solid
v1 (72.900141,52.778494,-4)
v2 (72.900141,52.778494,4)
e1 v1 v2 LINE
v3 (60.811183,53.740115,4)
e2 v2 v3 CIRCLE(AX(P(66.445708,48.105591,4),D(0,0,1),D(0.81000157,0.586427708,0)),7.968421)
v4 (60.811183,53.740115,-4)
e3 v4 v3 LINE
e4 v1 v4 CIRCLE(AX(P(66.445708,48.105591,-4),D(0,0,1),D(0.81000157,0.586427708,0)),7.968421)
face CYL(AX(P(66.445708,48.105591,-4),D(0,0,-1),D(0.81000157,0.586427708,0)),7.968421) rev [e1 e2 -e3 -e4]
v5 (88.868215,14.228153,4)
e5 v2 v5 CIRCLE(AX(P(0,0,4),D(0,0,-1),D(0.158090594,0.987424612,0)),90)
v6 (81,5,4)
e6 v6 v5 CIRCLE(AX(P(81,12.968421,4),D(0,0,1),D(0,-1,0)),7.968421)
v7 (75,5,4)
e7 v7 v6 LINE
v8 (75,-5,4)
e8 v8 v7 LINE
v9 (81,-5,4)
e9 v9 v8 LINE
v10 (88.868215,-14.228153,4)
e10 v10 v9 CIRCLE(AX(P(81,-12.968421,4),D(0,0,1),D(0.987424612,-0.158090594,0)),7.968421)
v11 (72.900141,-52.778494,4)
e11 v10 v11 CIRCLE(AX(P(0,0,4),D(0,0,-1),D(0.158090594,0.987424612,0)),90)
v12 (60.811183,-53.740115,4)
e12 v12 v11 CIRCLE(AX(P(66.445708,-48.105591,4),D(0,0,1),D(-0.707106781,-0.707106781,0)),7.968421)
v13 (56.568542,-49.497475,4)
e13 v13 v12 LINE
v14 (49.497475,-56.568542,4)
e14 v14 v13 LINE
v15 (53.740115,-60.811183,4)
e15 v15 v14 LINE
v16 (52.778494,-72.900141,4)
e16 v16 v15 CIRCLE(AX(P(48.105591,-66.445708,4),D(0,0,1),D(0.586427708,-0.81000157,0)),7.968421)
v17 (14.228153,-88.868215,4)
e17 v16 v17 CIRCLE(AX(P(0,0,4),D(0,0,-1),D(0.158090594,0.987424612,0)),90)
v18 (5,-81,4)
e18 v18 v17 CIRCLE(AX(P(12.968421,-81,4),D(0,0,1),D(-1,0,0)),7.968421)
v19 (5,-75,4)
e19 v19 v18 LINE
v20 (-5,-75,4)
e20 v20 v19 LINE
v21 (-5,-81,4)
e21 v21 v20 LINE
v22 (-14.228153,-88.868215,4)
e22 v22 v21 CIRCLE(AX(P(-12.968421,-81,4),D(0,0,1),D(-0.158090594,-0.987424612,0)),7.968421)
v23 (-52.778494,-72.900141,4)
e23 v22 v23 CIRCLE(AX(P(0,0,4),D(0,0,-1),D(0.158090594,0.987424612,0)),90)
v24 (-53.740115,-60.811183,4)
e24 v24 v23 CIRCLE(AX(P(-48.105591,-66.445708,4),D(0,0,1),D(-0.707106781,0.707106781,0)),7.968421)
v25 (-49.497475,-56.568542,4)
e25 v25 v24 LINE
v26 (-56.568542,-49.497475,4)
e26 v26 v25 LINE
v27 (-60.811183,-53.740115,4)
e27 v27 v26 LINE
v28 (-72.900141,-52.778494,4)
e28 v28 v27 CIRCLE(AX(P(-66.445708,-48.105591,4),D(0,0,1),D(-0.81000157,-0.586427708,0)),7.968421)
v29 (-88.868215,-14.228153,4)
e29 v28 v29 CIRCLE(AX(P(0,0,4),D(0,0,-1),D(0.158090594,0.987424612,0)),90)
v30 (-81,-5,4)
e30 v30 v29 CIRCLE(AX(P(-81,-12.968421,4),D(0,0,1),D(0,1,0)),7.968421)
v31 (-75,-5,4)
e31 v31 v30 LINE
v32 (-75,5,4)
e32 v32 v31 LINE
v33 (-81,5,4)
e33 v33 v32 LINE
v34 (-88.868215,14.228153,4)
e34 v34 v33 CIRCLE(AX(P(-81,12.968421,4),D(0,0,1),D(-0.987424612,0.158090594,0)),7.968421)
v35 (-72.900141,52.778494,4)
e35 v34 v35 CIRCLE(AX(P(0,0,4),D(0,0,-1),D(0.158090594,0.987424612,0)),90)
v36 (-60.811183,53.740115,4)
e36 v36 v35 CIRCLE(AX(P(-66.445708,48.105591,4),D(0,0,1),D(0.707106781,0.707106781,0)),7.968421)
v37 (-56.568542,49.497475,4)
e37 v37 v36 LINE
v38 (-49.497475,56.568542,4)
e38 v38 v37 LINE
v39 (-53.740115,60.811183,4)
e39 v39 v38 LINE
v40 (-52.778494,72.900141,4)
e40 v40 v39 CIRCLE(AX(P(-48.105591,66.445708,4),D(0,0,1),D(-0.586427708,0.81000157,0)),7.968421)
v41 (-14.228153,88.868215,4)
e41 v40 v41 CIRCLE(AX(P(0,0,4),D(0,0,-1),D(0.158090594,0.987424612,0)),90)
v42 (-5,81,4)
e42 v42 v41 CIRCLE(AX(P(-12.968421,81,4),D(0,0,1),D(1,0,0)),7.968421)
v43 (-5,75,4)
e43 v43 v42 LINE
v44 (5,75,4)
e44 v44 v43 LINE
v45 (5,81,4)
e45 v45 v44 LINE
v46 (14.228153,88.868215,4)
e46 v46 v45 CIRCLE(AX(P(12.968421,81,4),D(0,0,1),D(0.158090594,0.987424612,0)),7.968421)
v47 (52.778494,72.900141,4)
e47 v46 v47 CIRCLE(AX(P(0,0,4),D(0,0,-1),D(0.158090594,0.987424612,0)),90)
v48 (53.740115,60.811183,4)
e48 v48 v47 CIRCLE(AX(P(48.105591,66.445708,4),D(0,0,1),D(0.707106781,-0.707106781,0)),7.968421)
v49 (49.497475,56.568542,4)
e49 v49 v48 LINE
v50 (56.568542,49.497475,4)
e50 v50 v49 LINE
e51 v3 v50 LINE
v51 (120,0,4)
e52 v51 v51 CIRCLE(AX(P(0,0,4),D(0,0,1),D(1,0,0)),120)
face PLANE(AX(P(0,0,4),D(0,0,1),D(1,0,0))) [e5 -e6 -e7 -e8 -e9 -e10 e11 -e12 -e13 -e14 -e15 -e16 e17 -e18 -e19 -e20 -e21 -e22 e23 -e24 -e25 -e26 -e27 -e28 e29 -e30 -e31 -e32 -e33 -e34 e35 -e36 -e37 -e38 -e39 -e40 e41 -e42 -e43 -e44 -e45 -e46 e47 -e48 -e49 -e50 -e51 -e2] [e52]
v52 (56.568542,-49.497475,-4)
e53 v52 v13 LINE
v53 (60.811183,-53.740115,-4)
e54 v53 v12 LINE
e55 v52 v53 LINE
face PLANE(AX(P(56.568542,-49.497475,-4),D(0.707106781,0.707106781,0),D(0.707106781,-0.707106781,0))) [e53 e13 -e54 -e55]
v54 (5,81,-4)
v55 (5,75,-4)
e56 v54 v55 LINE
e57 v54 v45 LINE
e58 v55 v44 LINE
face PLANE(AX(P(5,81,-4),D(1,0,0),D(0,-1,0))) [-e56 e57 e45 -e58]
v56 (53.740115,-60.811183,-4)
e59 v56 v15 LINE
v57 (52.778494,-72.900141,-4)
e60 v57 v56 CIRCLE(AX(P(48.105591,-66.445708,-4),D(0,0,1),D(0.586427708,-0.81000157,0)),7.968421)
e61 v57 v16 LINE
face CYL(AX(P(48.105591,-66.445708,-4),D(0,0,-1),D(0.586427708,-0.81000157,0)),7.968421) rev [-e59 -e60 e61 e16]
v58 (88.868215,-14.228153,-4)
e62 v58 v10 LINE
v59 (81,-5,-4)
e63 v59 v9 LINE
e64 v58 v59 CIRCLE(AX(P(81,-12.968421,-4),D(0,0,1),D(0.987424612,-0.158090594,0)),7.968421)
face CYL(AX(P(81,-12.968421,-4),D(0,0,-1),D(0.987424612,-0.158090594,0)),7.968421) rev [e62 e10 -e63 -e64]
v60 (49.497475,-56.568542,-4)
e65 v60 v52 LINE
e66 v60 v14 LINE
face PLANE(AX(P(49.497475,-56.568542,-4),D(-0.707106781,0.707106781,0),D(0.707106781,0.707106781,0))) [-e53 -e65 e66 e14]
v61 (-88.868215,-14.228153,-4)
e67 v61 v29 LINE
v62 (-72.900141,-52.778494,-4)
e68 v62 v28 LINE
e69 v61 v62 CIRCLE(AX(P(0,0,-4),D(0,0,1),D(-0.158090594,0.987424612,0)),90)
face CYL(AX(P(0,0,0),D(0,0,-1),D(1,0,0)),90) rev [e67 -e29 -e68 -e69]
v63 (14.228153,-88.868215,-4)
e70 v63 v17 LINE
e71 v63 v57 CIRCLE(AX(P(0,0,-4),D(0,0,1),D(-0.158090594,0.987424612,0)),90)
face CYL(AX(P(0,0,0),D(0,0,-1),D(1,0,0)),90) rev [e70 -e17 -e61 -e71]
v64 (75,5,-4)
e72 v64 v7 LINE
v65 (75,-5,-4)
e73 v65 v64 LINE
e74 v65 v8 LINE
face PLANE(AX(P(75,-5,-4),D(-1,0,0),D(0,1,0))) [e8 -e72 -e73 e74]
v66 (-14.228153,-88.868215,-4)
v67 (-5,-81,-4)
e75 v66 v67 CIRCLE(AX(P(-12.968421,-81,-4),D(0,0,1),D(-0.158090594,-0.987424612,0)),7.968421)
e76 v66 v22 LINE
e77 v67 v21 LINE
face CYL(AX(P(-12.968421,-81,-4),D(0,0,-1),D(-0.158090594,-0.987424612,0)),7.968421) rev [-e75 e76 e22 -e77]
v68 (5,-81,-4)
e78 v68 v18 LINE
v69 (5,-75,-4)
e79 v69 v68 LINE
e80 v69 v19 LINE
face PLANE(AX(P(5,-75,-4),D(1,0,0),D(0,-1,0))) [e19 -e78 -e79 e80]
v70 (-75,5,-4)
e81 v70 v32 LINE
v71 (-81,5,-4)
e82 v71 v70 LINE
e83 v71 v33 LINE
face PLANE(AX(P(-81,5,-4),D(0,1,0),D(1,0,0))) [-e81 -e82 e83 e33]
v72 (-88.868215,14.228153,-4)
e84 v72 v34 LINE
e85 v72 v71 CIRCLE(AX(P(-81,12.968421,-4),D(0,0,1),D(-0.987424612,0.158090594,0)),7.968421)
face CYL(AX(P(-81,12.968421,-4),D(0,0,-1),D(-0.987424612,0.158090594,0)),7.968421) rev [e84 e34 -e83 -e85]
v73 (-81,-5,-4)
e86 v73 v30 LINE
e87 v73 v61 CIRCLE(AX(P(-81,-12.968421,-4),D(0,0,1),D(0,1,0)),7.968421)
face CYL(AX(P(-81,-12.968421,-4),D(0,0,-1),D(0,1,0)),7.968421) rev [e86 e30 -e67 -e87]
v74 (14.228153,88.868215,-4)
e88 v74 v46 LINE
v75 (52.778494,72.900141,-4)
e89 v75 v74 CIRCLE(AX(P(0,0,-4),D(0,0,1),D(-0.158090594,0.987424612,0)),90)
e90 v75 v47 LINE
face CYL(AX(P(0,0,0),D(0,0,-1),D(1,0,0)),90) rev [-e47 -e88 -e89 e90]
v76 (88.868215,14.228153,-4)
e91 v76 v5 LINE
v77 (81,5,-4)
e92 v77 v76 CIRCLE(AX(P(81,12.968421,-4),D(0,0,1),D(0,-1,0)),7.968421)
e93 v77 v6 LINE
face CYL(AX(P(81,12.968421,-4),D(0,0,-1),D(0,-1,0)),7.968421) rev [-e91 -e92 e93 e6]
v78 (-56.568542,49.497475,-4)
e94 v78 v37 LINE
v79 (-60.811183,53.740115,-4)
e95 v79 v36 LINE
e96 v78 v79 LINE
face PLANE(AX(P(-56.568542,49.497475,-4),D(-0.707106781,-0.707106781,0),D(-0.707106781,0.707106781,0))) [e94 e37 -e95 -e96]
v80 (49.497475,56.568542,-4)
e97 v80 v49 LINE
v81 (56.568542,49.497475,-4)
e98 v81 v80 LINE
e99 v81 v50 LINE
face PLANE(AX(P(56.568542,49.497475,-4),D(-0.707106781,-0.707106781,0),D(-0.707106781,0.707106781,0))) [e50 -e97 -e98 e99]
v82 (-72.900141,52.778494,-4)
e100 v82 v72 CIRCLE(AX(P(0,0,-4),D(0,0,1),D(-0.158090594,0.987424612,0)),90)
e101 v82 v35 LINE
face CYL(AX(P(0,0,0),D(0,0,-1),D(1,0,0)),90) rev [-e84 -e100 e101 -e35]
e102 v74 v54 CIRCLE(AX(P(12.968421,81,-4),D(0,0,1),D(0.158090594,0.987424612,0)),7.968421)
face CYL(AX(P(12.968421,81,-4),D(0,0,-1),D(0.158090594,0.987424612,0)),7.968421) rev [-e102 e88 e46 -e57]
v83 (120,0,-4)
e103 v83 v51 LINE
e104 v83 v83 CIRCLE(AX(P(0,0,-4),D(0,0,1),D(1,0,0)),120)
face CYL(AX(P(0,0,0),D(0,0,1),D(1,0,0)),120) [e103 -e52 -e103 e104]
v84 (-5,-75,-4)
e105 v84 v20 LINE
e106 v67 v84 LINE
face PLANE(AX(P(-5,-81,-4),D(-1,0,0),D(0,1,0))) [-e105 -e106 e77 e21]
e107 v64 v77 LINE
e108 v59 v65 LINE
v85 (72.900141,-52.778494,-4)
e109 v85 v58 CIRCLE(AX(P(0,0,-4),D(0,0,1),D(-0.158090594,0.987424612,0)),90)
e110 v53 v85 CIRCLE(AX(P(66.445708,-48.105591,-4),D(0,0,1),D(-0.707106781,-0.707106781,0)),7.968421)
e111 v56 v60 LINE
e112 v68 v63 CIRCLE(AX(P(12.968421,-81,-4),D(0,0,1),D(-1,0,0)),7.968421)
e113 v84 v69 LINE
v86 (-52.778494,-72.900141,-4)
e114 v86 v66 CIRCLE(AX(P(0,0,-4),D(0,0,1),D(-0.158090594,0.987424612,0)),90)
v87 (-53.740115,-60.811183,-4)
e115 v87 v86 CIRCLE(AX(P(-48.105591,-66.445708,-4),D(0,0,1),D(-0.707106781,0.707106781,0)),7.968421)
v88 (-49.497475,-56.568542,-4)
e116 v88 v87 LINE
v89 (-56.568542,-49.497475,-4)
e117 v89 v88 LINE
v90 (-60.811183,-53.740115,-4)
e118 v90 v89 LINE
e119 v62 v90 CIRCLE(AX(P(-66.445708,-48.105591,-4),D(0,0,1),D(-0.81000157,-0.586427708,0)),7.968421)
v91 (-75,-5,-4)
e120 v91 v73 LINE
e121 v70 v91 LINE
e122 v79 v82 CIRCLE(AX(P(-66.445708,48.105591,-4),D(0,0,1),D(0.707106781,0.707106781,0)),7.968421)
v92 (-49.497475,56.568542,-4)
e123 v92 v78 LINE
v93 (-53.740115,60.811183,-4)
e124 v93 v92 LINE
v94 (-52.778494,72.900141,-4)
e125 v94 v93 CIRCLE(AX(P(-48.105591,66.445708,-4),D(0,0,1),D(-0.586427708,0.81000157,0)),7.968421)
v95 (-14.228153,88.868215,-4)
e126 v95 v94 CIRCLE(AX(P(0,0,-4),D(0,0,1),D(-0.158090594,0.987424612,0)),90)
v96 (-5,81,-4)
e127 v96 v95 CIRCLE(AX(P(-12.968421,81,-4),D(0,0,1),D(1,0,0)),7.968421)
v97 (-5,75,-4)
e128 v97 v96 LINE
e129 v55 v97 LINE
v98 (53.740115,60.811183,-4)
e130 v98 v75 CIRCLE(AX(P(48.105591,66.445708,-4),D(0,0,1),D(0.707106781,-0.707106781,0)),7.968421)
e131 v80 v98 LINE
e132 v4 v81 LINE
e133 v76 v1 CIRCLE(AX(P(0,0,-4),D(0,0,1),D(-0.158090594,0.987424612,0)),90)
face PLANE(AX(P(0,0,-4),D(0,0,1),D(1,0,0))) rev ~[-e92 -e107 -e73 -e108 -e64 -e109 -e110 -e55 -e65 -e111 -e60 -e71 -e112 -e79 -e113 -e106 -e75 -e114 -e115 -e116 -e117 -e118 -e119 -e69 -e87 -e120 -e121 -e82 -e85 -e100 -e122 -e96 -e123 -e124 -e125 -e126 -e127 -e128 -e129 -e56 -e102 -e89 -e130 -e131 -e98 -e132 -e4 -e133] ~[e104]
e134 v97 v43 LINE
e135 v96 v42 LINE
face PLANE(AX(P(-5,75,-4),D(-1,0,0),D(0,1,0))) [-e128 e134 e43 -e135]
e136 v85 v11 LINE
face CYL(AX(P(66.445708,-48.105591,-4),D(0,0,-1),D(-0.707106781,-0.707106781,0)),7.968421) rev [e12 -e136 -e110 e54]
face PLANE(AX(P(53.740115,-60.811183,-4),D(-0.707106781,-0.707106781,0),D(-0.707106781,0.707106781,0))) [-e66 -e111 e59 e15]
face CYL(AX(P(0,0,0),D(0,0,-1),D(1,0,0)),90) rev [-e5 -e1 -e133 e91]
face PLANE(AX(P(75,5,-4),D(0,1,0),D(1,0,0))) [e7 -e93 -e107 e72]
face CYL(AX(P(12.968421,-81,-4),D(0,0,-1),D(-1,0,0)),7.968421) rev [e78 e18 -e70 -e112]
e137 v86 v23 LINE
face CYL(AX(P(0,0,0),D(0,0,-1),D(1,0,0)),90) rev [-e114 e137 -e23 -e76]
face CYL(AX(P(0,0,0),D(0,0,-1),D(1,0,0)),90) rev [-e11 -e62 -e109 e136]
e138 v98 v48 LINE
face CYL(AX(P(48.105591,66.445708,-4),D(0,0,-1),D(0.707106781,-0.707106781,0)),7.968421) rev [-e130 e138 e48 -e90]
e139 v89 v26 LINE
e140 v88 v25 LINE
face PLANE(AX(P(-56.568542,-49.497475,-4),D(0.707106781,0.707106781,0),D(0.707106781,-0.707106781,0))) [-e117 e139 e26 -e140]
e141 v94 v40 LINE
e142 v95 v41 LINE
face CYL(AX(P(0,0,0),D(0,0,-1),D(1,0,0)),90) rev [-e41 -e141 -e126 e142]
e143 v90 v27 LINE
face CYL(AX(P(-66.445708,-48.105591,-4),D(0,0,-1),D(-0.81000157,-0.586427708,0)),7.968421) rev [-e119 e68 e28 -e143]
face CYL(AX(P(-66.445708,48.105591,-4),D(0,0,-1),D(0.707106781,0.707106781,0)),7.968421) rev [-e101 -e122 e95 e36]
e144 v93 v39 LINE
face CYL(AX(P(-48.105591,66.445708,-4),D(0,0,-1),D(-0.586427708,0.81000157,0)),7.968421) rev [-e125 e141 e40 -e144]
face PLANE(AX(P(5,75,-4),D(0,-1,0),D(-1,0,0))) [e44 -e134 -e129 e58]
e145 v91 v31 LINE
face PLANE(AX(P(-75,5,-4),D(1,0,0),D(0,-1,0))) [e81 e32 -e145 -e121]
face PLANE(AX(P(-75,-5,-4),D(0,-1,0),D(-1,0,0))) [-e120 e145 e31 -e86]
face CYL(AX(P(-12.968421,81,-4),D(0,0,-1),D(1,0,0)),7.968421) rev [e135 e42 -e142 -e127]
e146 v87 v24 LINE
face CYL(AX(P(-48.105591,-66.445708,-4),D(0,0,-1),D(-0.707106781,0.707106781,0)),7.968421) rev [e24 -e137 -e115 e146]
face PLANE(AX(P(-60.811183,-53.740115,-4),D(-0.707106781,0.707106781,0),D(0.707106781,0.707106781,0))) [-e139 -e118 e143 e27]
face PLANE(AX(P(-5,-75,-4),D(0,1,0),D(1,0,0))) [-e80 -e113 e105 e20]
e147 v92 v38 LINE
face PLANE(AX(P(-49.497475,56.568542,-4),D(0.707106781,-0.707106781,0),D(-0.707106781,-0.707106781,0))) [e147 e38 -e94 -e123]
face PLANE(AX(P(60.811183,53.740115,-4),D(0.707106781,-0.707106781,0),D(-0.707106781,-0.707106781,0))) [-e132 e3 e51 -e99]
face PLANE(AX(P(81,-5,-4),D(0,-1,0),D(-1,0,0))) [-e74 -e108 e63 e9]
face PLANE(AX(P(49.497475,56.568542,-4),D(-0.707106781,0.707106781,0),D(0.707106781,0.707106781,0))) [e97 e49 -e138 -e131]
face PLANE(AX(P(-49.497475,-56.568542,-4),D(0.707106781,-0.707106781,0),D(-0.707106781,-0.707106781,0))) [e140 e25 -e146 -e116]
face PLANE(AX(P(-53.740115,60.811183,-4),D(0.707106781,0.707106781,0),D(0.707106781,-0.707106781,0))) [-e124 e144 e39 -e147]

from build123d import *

# Parameters (mm, degrees)
SZKIC1_R                    = 120
SZKIC1_R_2                  = 90
DODANIE_WYCI_GNI_CIE1_DEPTH = 4
DODANIE_WYCI_GNI_CIE2_START = -4
DODANIE_WYCI_GNI_CIE2_DEPTH = 8
SZYK_KO_OWY1_COUNT          = 8


with BuildPart() as part:
    # Szkic1 → Dodanie-wyciągnięcie1 (new, symmetric)
    with BuildSketch(Plane.XY):
        Circle(SZKIC1_R)
        Circle(SZKIC1_R_2, mode=Mode.SUBTRACT)
    extrude(amount=DODANIE_WYCI_GNI_CIE1_DEPTH, both=True)

    # Szkic2 → Dodanie-wyciągnięcie2 (add)
    with BuildSketch(Plane.XY.offset(DODANIE_WYCI_GNI_CIE2_START)):
        with BuildLine():
            Line((5, 75), (-5, 75))
            Line((-5, 75), (-5, 81))
            ThreePointArc((-5, 81), (-7.798428028, 87.063572066), (-14.228153471, 88.868215065))
            ThreePointArc((-14.228153471, 88.868215065), (0, 90), (14.228153471, 88.868215065))
            ThreePointArc((14.228153471, 88.868215065), (7.798428028, 87.063572066), (5, 81))
            Line((5, 81), (5, 75))
        make_face()
    dodanie_wyci_gni_cie2 = extrude(amount=DODANIE_WYCI_GNI_CIE2_DEPTH)

    # Szyk kołowy1: Dodanie-wyciągnięcie2 ×8 about axis
    szyk_ko_owy1_axis = Axis((0, 0, 0), (0, 0, 1))
    for i in range(1, SZYK_KO_OWY1_COUNT):
        add(dodanie_wyci_gni_cie2.rotate(szyk_ko_owy1_axis, i * 360 / SZYK_KO_OWY1_COUNT))


solid = part.part
